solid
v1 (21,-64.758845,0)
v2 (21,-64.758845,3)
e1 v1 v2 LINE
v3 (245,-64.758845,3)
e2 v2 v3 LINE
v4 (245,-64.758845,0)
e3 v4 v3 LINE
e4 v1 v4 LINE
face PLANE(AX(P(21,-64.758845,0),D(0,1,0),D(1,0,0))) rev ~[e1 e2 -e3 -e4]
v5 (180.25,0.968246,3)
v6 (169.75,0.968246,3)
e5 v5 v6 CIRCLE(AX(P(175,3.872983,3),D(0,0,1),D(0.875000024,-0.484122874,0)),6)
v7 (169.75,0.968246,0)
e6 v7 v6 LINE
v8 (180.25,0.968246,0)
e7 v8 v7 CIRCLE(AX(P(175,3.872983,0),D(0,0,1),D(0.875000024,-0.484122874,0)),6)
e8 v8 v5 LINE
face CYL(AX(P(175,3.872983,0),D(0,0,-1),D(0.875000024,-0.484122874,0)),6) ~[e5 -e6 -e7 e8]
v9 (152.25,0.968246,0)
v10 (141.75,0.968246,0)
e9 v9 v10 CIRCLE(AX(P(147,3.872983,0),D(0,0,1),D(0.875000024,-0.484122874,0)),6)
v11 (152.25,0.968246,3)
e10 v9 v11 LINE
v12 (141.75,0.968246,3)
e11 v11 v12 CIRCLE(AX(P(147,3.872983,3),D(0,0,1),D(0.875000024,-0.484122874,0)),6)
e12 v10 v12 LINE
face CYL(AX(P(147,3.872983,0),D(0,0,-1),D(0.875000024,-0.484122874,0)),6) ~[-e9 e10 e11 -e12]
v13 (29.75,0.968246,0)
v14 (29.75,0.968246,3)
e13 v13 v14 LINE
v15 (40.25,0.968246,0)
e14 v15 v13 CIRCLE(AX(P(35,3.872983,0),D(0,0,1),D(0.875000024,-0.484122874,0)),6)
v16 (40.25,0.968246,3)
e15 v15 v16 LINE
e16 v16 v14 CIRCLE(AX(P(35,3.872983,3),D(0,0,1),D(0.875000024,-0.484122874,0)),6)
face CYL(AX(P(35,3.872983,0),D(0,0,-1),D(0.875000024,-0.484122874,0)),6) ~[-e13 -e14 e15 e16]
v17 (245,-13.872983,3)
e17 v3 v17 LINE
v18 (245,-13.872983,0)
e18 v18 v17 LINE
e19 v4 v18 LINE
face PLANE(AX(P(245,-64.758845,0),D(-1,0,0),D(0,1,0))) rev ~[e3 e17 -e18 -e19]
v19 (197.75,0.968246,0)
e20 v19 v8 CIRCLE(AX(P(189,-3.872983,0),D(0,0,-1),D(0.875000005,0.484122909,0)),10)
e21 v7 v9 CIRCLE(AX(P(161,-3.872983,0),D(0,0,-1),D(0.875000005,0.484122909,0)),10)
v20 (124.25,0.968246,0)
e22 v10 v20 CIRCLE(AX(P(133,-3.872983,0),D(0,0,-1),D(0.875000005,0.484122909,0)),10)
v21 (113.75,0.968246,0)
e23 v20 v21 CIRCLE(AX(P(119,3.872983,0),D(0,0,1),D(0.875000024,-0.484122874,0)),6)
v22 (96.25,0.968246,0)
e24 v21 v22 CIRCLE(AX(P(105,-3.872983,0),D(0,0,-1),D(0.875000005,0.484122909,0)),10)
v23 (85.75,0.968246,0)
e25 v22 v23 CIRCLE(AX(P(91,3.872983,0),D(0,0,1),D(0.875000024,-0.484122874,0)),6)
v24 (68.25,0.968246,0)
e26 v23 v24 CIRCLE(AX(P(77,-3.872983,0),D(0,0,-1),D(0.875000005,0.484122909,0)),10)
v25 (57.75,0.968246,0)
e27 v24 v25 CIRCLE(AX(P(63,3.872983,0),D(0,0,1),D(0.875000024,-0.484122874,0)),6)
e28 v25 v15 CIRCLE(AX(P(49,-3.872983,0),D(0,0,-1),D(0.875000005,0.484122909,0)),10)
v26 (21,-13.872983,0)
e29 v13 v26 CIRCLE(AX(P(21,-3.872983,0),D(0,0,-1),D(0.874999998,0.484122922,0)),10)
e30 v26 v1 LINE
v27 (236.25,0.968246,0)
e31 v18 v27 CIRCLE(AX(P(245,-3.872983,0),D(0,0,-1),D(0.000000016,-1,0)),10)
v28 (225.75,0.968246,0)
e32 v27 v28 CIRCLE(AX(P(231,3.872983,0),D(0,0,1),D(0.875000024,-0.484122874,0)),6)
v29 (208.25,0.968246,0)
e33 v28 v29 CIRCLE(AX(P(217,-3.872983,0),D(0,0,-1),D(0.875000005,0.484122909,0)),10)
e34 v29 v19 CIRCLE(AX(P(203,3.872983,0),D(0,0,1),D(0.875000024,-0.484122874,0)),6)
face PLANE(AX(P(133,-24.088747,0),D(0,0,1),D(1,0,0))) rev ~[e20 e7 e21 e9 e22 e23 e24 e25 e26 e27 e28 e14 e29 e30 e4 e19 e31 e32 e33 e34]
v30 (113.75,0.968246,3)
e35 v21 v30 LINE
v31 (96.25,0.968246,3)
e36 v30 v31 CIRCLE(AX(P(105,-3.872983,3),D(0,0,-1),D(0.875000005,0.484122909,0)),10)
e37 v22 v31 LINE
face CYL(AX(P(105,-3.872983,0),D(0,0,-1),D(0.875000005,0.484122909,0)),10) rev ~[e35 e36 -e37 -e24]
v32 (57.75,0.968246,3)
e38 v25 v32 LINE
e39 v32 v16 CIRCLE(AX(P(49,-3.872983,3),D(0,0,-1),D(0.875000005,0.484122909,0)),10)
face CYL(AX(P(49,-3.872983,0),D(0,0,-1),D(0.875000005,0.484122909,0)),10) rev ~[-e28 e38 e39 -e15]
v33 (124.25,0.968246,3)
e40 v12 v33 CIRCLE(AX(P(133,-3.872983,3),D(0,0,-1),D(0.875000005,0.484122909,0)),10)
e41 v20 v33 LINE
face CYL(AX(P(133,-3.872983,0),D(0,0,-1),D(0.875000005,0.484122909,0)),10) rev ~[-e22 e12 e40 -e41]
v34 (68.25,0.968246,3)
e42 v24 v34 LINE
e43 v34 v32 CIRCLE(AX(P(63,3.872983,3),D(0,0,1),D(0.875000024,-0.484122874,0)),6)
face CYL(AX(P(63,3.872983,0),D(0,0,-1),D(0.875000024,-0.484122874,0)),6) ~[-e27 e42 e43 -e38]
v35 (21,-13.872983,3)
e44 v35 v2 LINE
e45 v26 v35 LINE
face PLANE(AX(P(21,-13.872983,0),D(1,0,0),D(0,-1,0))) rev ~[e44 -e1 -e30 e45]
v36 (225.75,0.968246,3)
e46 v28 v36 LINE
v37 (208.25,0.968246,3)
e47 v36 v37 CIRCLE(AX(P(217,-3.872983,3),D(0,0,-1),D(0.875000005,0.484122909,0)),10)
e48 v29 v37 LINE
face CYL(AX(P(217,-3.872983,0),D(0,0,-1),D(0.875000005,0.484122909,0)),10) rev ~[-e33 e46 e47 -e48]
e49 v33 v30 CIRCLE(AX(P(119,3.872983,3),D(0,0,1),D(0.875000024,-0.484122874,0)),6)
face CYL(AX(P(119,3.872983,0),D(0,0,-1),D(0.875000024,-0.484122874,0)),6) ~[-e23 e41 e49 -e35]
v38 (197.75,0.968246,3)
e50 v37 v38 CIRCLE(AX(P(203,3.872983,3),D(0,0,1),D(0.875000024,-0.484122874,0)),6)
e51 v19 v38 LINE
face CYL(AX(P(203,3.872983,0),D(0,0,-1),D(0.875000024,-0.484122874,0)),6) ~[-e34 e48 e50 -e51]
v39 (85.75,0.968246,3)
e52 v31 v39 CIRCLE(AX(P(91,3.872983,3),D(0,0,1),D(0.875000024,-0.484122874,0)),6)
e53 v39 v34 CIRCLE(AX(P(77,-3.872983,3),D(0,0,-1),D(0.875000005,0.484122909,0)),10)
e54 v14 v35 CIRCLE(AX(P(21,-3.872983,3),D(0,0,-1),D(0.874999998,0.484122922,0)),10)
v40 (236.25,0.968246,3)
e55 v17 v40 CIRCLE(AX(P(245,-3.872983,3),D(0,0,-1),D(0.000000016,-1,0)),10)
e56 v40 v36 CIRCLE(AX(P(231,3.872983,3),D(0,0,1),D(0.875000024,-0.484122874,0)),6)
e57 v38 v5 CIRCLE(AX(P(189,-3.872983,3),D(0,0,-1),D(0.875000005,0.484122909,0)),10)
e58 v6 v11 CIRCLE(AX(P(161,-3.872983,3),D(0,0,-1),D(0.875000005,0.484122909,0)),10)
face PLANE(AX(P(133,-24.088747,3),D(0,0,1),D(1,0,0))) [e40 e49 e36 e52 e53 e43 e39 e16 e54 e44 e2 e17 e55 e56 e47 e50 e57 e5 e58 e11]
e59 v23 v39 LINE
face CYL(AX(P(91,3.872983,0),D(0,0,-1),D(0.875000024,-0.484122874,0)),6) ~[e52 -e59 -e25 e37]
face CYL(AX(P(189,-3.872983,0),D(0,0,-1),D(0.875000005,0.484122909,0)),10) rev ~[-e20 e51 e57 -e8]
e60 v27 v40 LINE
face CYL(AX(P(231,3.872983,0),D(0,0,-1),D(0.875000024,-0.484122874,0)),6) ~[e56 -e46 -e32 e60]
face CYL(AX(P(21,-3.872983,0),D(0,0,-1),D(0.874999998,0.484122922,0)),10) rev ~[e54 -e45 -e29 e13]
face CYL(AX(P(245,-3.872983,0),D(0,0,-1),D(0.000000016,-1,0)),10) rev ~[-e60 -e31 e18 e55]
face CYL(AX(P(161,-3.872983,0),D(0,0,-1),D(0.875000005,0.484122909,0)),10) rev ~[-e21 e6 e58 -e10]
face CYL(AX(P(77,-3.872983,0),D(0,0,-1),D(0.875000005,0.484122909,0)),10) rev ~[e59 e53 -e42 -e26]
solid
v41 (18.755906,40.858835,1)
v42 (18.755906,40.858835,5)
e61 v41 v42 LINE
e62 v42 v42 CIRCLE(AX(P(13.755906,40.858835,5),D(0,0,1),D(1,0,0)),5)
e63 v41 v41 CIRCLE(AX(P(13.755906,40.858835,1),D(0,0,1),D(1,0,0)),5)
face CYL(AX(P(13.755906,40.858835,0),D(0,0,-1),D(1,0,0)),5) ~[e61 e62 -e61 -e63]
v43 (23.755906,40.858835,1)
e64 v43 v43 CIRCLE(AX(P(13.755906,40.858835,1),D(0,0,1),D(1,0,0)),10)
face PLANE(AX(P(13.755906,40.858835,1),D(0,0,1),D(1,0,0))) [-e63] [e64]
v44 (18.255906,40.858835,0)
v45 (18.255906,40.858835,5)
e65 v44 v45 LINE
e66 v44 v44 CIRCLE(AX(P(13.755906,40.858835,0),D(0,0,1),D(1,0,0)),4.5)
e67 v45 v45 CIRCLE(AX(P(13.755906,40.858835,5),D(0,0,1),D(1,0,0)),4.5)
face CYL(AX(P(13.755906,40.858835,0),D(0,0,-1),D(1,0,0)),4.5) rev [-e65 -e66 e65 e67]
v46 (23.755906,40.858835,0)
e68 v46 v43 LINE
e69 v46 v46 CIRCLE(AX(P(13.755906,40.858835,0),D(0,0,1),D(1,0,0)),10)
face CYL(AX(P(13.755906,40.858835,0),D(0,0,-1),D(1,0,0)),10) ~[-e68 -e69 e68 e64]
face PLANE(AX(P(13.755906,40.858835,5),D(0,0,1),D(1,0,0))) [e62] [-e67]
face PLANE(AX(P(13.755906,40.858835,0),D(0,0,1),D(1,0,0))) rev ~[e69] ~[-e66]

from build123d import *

# Parameters (mm, degrees)
F1_DEPTH = 3
F2_R     = 10
F2_R_2   = 5
F3_DEPTH = 1
F2_R_3   = 4.5
F4_DEPTH = 5


with BuildPart() as f1:
    # F0 (on Top) → F1 (new body)
    with BuildSketch(Plane.XY):
        with BuildLine():
            ThreePointArc((29.75, 0.968246), (29.614299, -8.951748), (21, -13.872983))
            Line((21, -13.872983), (21, -64.758845))
            Line((21, -64.758845), (245, -64.758845))
            Line((245, -64.758845), (245, -13.872983))
            ThreePointArc((245, -13.872983), (236.385701, -8.951748), (236.25, 0.968246))
            ThreePointArc((236.25, 0.968246), (231, 9.872983), (225.75, 0.968246))
            ThreePointArc((225.75, 0.968246), (217, -13.872983), (208.25, 0.968246))
            ThreePointArc((208.25, 0.968246), (203, 9.872983), (197.75, 0.968246))
            ThreePointArc((197.75, 0.968246), (189, -13.872983), (180.25, 0.968246))
            ThreePointArc((180.25, 0.968246), (175, 9.872983), (169.75, 0.968246))
            ThreePointArc((169.75, 0.968246), (161, -13.872983), (152.25, 0.968246))
            ThreePointArc((152.25, 0.968246), (147, 9.872983), (141.75, 0.968246))
            ThreePointArc((141.75, 0.968246), (133, -13.872983), (124.25, 0.968246))
            ThreePointArc((124.25, 0.968246), (119, 9.872983), (113.75, 0.968246))
            ThreePointArc((113.75, 0.968246), (105, -13.872983), (96.25, 0.968246))
            ThreePointArc((96.25, 0.968246), (91, 9.872983), (85.75, 0.968246))
            ThreePointArc((85.75, 0.968246), (77, -13.872983), (68.25, 0.968246))
            ThreePointArc((68.25, 0.968246), (63, 9.872983), (57.75, 0.968246))
            ThreePointArc((57.75, 0.968246), (49, -13.872983), (40.25, 0.968246))
            ThreePointArc((40.25, 0.968246), (35, 9.872983), (29.75, 0.968246))
        make_face()
    extrude(amount=F1_DEPTH)


with BuildPart() as f3:
    # F2 (on Top) → F3 (new body)
    with BuildSketch(Plane.XY):
        with Locations((13.755906, 40.858835)):
            Circle(F2_R)
        with Locations((13.755906, 40.858835)):
            Circle(F2_R_2, mode=Mode.SUBTRACT)
    extrude(amount=F3_DEPTH)

    # F2 (on Top) → F4 (join)
    with BuildSketch(Plane.XY):
        with Locations((13.755906, 40.858835)):
            Circle(F2_R_2)
        with Locations((13.755906, 40.858835)):
            Circle(F2_R_3, mode=Mode.SUBTRACT)
    extrude(amount=F4_DEPTH)


solid = Compound([f1.part, f3.part])
